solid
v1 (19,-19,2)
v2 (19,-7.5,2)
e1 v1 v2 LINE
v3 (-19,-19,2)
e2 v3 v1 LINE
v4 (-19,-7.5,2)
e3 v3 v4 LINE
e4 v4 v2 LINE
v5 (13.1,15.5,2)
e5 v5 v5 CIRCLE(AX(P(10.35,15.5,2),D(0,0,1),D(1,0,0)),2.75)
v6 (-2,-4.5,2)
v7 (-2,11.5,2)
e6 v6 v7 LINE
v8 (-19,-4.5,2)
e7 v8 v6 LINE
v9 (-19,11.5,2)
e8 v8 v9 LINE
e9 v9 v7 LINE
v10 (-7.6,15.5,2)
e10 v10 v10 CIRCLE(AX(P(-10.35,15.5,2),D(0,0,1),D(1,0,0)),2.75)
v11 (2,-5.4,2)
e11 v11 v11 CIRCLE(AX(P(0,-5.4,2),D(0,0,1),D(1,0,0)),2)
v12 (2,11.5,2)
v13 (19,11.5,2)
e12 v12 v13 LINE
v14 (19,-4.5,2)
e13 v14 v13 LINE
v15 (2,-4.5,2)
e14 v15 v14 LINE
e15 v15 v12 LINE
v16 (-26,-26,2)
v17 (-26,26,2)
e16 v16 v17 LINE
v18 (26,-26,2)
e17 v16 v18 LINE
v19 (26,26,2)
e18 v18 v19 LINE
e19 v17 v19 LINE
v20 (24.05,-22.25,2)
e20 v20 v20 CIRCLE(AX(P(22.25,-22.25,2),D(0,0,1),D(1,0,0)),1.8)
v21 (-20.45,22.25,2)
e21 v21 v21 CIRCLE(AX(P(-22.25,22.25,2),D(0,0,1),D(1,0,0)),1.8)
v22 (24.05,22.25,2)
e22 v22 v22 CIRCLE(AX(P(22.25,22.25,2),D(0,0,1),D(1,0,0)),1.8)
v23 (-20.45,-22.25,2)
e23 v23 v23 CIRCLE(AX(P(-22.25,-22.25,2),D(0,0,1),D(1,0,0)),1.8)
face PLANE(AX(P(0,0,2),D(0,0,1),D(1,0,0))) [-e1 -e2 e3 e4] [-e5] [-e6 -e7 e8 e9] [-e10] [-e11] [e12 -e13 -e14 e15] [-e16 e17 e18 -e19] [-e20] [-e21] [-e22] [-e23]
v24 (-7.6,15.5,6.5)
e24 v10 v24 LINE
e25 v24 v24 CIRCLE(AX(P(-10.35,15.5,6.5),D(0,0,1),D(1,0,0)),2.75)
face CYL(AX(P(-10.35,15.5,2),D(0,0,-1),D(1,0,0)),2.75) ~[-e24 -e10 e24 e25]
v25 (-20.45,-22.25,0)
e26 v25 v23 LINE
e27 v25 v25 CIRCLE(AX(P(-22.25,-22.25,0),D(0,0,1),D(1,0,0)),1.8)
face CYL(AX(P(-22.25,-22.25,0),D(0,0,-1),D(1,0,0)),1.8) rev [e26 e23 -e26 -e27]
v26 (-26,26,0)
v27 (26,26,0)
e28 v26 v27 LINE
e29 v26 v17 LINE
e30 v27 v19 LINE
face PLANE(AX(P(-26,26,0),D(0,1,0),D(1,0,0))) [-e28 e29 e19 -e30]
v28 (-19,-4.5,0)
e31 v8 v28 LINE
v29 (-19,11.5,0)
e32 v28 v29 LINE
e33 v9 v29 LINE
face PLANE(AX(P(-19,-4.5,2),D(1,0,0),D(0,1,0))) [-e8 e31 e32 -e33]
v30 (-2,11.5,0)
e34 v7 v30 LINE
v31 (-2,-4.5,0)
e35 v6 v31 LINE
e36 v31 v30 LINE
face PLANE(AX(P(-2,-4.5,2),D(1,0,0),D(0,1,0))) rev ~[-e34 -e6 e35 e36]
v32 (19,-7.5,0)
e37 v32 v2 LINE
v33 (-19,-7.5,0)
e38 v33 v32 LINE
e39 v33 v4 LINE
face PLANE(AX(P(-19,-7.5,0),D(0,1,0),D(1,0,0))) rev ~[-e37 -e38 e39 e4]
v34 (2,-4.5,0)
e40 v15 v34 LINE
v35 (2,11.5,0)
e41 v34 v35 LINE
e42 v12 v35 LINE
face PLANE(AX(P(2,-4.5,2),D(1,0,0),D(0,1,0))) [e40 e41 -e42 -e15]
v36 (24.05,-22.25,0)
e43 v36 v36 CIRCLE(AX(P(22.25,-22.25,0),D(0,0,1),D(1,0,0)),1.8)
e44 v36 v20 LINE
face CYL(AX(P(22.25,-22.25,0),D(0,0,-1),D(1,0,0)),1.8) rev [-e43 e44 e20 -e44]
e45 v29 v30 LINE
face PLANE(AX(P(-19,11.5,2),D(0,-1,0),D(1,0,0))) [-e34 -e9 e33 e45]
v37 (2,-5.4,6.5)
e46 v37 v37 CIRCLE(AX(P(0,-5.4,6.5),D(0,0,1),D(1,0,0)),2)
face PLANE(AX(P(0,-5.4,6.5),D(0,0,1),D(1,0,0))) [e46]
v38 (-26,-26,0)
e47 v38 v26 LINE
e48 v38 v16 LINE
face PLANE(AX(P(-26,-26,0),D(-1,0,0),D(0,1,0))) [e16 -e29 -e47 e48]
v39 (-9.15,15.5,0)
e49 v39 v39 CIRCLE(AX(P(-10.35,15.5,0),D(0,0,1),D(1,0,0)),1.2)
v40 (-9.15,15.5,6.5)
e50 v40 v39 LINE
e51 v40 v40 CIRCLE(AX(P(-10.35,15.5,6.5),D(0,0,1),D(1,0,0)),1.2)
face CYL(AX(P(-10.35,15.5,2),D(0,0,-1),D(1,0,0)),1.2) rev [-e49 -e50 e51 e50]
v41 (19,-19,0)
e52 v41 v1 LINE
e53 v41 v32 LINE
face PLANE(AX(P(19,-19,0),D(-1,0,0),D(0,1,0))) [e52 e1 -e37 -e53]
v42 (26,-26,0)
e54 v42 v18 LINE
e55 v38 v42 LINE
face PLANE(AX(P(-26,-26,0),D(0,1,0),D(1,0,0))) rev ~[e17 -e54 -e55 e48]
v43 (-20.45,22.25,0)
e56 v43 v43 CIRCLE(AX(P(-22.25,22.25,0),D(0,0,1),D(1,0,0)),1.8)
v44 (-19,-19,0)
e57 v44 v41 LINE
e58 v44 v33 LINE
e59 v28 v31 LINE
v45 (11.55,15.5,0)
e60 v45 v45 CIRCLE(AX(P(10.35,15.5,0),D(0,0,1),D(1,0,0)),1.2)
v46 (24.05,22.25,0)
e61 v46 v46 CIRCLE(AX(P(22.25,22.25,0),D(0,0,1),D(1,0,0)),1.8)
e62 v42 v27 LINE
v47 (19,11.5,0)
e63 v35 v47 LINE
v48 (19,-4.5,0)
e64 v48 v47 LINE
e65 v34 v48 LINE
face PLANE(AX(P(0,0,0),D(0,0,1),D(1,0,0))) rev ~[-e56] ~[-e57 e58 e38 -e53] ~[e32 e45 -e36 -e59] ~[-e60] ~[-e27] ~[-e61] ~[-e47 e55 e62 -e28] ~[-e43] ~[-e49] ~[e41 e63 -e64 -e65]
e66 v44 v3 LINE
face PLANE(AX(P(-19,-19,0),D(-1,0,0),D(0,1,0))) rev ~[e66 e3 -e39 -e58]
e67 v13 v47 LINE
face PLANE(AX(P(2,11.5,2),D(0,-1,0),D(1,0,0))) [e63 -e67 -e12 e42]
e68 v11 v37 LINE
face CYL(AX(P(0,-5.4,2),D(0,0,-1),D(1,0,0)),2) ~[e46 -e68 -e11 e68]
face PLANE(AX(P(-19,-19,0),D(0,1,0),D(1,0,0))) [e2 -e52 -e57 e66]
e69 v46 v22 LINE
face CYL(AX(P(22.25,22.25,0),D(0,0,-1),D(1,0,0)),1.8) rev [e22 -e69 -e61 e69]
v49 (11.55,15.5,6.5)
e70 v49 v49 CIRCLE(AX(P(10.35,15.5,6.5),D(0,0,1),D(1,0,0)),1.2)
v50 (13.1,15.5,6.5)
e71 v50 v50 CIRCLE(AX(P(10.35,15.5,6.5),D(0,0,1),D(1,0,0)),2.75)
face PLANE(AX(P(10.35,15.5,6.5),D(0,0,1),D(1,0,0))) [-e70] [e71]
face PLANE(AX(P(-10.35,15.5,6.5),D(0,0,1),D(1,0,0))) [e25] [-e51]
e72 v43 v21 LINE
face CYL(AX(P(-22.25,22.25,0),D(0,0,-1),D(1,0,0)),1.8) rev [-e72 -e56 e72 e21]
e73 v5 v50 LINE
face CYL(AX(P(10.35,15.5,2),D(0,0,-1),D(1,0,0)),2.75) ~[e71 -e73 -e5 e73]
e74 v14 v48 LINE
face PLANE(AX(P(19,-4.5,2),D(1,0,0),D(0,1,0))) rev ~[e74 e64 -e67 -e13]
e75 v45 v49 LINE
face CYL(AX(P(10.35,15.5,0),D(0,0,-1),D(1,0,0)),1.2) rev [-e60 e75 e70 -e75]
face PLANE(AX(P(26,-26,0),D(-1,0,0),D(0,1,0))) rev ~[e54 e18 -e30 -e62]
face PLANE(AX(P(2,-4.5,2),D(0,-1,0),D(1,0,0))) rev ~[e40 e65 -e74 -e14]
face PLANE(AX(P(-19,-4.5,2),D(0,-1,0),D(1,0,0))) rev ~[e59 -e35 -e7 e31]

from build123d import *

# Parameters (mm, degrees)
SKETCH_W      = 52
SKETCH_H      = 52
SKETCH_R      = 1.8
SKETCH_R_2    = 1.2
SKETCH_W_2    = 38
SKETCH_H_2    = 11.5
PAD_DEPTH     = 2
SKETCH001_R   = 2
SKETCH001_R_2 = 2.75
SKETCH001_R_3 = 1.2
PAD001_DEPTH  = 4.5
SKETCH002_W   = 17
SKETCH002_H   = 16
POCKET_DEPTH  = 5


with BuildPart() as part:
    # Sketch → Pad (new body)
    with BuildSketch(Plane.XY):
        Rectangle(SKETCH_W, SKETCH_H)
        with Locations((22.25, 22.25)):
            Circle(SKETCH_R, mode=Mode.SUBTRACT)
        with Locations((22.25, -22.25)):
            Circle(SKETCH_R, mode=Mode.SUBTRACT)
        with Locations((-22.25, 22.25)):
            Circle(SKETCH_R, mode=Mode.SUBTRACT)
        with Locations((-22.25, -22.25)):
            Circle(SKETCH_R, mode=Mode.SUBTRACT)
        with Locations((-10.35, 15.5)):
            Circle(SKETCH_R_2, mode=Mode.SUBTRACT)
        with Locations((10.35, 15.5)):
            Circle(SKETCH_R_2, mode=Mode.SUBTRACT)
        with Locations((0, -13.25)):
            Rectangle(SKETCH_W_2, SKETCH_H_2, mode=Mode.SUBTRACT)
    extrude(amount=PAD_DEPTH)

    # Sketch001 → Pad001 (new body)
    with BuildSketch(Plane.XY.offset(2)):
        with Locations((0, -5.4)):
            Circle(SKETCH001_R)
        with Locations((-10.35, 15.5)):
            Circle(SKETCH001_R_2)
        with Locations((-10.35, 15.5)):
            Circle(SKETCH001_R_3, mode=Mode.SUBTRACT)
        with Locations((10.35, 15.5)):
            Circle(SKETCH001_R_2)
        with Locations((10.35, 15.5)):
            Circle(SKETCH001_R_3, mode=Mode.SUBTRACT)
    extrude(amount=PAD001_DEPTH)

    # Sketch002 → Pocket (cut)
    with BuildSketch(Plane.XY.offset(2)):
        with Locations((-10.5, 3.5)):
            Rectangle(SKETCH002_W, SKETCH002_H)
        with Locations((10.5, 3.5)):
            Rectangle(SKETCH002_W, SKETCH002_H)
    extrude(amount=-POCKET_DEPTH, mode=Mode.SUBTRACT)


solid = part.part
